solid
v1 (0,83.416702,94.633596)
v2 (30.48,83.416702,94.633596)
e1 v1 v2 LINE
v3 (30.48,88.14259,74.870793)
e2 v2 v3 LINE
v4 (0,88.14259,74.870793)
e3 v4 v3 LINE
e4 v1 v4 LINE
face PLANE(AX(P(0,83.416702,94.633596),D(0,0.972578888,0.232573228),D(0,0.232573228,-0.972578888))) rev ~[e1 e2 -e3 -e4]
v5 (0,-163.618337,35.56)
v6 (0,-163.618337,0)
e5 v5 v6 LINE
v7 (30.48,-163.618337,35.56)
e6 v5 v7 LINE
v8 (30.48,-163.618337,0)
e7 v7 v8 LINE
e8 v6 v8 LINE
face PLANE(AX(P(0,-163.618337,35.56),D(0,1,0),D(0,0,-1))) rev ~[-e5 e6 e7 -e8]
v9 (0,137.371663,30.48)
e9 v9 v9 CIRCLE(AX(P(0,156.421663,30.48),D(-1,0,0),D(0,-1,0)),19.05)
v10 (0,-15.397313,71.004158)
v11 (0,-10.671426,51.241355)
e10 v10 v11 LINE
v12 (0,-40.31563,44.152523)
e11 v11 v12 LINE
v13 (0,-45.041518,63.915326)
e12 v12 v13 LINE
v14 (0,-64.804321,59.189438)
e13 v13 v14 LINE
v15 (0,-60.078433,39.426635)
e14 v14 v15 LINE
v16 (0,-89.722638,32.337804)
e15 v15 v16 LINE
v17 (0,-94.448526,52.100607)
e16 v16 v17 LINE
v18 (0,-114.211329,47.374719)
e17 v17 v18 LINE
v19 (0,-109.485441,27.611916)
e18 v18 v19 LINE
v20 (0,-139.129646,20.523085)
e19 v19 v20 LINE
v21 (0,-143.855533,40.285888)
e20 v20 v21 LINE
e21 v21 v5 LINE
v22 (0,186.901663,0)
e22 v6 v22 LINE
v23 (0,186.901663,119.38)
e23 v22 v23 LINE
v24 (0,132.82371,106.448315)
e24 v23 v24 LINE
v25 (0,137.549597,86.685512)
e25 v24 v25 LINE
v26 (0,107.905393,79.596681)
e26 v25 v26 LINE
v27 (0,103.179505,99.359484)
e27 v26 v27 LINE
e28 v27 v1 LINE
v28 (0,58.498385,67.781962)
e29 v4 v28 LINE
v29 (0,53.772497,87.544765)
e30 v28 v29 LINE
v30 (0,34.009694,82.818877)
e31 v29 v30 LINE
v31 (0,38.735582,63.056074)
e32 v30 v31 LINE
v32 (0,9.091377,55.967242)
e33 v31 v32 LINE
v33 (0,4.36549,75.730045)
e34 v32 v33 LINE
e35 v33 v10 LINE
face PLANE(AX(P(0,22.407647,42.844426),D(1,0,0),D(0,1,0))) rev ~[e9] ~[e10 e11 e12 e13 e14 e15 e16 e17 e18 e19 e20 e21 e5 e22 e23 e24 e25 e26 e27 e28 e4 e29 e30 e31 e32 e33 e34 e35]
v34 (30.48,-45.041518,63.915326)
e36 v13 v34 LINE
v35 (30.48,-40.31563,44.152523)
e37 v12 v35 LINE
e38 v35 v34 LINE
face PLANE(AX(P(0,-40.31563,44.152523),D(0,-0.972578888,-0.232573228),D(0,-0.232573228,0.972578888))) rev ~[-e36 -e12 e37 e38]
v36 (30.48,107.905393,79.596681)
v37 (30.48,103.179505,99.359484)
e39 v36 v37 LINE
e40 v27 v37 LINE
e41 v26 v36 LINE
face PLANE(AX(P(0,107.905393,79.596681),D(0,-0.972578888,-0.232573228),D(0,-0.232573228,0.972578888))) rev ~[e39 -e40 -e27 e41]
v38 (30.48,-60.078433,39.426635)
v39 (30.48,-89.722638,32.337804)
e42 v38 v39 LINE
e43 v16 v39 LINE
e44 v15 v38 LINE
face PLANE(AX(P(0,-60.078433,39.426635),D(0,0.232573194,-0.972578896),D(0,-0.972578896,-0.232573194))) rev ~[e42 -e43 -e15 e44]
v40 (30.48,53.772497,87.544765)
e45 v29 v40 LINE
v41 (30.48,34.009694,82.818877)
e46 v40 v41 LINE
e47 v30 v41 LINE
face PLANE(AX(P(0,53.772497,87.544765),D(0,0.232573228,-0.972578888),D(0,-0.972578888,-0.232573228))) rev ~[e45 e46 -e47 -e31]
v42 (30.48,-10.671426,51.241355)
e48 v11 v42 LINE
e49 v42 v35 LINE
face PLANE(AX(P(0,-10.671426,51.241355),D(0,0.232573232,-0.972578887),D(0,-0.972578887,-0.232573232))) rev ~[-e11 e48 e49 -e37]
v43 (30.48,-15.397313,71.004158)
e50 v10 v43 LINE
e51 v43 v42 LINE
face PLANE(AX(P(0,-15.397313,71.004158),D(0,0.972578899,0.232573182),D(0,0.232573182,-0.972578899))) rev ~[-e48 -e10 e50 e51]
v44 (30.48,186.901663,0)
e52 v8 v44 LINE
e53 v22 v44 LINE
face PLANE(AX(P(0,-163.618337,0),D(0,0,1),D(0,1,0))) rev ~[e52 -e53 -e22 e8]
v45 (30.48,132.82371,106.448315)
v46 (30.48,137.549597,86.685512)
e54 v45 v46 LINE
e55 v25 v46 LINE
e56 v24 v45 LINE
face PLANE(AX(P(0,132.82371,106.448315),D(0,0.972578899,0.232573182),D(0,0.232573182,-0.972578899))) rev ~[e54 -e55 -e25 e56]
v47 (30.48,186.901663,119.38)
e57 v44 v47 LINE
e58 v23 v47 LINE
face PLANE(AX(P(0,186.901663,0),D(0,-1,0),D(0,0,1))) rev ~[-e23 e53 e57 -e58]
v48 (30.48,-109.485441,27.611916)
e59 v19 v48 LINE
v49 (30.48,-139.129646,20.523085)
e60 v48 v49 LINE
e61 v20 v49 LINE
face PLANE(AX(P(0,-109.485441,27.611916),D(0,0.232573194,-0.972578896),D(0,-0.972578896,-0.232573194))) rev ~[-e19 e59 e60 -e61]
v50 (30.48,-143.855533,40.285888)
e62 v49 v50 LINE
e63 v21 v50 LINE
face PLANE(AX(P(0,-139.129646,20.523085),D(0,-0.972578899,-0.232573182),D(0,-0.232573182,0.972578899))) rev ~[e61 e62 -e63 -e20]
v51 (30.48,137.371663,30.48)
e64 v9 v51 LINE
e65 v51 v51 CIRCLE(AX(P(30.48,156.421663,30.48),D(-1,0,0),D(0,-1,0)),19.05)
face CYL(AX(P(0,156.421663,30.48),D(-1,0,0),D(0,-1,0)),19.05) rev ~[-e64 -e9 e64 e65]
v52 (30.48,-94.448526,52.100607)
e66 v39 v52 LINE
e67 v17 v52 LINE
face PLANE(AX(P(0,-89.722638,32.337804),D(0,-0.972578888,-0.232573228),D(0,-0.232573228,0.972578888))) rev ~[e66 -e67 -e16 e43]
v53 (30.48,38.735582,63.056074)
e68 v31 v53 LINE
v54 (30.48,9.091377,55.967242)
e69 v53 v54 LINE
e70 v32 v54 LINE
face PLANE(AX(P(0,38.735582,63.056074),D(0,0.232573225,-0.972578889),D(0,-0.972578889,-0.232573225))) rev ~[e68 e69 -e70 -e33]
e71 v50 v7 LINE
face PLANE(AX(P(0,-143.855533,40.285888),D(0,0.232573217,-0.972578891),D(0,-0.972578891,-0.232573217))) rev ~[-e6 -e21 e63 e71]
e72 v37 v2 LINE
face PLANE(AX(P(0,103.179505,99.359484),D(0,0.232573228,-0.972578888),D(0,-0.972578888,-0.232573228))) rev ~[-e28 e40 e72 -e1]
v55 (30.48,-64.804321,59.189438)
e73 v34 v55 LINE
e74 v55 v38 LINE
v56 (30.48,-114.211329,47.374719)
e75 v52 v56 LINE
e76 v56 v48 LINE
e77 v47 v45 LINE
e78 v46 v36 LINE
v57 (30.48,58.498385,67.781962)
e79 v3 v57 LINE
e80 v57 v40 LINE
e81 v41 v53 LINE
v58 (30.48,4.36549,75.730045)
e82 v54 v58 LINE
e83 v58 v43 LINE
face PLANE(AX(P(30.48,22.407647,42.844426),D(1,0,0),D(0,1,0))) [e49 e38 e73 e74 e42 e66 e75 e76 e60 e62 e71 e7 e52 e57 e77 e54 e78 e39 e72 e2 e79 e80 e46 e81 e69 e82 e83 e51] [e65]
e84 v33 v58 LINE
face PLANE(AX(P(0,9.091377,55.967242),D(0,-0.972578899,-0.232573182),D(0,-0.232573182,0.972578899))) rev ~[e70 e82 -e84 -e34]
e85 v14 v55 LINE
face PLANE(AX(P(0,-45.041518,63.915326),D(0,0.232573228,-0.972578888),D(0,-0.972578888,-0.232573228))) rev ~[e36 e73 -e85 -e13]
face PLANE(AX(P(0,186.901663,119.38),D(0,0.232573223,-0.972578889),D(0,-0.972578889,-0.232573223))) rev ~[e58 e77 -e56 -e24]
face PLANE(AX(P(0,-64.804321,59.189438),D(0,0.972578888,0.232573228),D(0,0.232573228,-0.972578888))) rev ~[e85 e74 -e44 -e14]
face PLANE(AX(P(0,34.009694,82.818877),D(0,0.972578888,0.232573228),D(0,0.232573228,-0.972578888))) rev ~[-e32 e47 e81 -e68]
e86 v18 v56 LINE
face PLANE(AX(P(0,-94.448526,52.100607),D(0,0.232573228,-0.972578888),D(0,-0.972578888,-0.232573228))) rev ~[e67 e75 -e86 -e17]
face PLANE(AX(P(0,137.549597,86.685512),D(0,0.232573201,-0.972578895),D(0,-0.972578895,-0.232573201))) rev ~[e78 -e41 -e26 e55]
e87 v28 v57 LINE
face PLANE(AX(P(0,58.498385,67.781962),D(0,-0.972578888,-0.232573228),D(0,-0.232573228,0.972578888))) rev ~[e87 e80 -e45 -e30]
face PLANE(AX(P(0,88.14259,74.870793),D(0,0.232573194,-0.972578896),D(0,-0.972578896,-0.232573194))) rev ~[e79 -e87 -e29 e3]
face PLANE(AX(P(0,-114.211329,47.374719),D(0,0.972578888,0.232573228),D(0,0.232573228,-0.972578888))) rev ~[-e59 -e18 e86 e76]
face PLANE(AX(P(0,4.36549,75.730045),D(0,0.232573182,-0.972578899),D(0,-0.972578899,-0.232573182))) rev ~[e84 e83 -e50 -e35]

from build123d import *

# Parameters (mm, degrees)
F1_DEPTH = 30.48
F2_R     = 19.05
F3_DEPTH = 30.48


with BuildPart() as f1:
    # F0 (on Right) → F1 (new body)
    with BuildSketch(Plane.YZ):
        Polygon((-163.618337, 35.56), (-163.618337, 0), (186.901663, 0), (186.901663, 119.38), (132.82371, 106.448315), (137.549597, 86.685512), (107.905393, 79.596681), (103.179505, 99.359484), (83.416702, 94.633596), (88.14259, 74.870793), (58.498385, 67.781962), (53.772497, 87.544765), (34.009694, 82.818877), (38.735582, 63.056074), (9.091377, 55.967242), (4.36549, 75.730045), (-15.397313, 71.004158), (-10.671426, 51.241355), (-40.31563, 44.152523), (-45.041518, 63.915326), (-64.804321, 59.189438), (-60.078433, 39.426635), (-89.722638, 32.337804), (-94.448526, 52.100607), (-114.211329, 47.374719), (-109.485441, 27.611916), (-139.129646, 20.523085), (-143.855533, 40.285888), align=None)
    extrude(amount=F1_DEPTH)

    # F2 (on face) → F3 (cut, through all)
    with BuildSketch(Plane(origin=(0, 0, 0), x_dir=(0, -1, 0), z_dir=(-1, 0, 0))):
        with Locations((-156.421663, 30.48)):
            Circle(F2_R)
    extrude(amount=-F3_DEPTH, mode=Mode.SUBTRACT)


solid = f1.part
